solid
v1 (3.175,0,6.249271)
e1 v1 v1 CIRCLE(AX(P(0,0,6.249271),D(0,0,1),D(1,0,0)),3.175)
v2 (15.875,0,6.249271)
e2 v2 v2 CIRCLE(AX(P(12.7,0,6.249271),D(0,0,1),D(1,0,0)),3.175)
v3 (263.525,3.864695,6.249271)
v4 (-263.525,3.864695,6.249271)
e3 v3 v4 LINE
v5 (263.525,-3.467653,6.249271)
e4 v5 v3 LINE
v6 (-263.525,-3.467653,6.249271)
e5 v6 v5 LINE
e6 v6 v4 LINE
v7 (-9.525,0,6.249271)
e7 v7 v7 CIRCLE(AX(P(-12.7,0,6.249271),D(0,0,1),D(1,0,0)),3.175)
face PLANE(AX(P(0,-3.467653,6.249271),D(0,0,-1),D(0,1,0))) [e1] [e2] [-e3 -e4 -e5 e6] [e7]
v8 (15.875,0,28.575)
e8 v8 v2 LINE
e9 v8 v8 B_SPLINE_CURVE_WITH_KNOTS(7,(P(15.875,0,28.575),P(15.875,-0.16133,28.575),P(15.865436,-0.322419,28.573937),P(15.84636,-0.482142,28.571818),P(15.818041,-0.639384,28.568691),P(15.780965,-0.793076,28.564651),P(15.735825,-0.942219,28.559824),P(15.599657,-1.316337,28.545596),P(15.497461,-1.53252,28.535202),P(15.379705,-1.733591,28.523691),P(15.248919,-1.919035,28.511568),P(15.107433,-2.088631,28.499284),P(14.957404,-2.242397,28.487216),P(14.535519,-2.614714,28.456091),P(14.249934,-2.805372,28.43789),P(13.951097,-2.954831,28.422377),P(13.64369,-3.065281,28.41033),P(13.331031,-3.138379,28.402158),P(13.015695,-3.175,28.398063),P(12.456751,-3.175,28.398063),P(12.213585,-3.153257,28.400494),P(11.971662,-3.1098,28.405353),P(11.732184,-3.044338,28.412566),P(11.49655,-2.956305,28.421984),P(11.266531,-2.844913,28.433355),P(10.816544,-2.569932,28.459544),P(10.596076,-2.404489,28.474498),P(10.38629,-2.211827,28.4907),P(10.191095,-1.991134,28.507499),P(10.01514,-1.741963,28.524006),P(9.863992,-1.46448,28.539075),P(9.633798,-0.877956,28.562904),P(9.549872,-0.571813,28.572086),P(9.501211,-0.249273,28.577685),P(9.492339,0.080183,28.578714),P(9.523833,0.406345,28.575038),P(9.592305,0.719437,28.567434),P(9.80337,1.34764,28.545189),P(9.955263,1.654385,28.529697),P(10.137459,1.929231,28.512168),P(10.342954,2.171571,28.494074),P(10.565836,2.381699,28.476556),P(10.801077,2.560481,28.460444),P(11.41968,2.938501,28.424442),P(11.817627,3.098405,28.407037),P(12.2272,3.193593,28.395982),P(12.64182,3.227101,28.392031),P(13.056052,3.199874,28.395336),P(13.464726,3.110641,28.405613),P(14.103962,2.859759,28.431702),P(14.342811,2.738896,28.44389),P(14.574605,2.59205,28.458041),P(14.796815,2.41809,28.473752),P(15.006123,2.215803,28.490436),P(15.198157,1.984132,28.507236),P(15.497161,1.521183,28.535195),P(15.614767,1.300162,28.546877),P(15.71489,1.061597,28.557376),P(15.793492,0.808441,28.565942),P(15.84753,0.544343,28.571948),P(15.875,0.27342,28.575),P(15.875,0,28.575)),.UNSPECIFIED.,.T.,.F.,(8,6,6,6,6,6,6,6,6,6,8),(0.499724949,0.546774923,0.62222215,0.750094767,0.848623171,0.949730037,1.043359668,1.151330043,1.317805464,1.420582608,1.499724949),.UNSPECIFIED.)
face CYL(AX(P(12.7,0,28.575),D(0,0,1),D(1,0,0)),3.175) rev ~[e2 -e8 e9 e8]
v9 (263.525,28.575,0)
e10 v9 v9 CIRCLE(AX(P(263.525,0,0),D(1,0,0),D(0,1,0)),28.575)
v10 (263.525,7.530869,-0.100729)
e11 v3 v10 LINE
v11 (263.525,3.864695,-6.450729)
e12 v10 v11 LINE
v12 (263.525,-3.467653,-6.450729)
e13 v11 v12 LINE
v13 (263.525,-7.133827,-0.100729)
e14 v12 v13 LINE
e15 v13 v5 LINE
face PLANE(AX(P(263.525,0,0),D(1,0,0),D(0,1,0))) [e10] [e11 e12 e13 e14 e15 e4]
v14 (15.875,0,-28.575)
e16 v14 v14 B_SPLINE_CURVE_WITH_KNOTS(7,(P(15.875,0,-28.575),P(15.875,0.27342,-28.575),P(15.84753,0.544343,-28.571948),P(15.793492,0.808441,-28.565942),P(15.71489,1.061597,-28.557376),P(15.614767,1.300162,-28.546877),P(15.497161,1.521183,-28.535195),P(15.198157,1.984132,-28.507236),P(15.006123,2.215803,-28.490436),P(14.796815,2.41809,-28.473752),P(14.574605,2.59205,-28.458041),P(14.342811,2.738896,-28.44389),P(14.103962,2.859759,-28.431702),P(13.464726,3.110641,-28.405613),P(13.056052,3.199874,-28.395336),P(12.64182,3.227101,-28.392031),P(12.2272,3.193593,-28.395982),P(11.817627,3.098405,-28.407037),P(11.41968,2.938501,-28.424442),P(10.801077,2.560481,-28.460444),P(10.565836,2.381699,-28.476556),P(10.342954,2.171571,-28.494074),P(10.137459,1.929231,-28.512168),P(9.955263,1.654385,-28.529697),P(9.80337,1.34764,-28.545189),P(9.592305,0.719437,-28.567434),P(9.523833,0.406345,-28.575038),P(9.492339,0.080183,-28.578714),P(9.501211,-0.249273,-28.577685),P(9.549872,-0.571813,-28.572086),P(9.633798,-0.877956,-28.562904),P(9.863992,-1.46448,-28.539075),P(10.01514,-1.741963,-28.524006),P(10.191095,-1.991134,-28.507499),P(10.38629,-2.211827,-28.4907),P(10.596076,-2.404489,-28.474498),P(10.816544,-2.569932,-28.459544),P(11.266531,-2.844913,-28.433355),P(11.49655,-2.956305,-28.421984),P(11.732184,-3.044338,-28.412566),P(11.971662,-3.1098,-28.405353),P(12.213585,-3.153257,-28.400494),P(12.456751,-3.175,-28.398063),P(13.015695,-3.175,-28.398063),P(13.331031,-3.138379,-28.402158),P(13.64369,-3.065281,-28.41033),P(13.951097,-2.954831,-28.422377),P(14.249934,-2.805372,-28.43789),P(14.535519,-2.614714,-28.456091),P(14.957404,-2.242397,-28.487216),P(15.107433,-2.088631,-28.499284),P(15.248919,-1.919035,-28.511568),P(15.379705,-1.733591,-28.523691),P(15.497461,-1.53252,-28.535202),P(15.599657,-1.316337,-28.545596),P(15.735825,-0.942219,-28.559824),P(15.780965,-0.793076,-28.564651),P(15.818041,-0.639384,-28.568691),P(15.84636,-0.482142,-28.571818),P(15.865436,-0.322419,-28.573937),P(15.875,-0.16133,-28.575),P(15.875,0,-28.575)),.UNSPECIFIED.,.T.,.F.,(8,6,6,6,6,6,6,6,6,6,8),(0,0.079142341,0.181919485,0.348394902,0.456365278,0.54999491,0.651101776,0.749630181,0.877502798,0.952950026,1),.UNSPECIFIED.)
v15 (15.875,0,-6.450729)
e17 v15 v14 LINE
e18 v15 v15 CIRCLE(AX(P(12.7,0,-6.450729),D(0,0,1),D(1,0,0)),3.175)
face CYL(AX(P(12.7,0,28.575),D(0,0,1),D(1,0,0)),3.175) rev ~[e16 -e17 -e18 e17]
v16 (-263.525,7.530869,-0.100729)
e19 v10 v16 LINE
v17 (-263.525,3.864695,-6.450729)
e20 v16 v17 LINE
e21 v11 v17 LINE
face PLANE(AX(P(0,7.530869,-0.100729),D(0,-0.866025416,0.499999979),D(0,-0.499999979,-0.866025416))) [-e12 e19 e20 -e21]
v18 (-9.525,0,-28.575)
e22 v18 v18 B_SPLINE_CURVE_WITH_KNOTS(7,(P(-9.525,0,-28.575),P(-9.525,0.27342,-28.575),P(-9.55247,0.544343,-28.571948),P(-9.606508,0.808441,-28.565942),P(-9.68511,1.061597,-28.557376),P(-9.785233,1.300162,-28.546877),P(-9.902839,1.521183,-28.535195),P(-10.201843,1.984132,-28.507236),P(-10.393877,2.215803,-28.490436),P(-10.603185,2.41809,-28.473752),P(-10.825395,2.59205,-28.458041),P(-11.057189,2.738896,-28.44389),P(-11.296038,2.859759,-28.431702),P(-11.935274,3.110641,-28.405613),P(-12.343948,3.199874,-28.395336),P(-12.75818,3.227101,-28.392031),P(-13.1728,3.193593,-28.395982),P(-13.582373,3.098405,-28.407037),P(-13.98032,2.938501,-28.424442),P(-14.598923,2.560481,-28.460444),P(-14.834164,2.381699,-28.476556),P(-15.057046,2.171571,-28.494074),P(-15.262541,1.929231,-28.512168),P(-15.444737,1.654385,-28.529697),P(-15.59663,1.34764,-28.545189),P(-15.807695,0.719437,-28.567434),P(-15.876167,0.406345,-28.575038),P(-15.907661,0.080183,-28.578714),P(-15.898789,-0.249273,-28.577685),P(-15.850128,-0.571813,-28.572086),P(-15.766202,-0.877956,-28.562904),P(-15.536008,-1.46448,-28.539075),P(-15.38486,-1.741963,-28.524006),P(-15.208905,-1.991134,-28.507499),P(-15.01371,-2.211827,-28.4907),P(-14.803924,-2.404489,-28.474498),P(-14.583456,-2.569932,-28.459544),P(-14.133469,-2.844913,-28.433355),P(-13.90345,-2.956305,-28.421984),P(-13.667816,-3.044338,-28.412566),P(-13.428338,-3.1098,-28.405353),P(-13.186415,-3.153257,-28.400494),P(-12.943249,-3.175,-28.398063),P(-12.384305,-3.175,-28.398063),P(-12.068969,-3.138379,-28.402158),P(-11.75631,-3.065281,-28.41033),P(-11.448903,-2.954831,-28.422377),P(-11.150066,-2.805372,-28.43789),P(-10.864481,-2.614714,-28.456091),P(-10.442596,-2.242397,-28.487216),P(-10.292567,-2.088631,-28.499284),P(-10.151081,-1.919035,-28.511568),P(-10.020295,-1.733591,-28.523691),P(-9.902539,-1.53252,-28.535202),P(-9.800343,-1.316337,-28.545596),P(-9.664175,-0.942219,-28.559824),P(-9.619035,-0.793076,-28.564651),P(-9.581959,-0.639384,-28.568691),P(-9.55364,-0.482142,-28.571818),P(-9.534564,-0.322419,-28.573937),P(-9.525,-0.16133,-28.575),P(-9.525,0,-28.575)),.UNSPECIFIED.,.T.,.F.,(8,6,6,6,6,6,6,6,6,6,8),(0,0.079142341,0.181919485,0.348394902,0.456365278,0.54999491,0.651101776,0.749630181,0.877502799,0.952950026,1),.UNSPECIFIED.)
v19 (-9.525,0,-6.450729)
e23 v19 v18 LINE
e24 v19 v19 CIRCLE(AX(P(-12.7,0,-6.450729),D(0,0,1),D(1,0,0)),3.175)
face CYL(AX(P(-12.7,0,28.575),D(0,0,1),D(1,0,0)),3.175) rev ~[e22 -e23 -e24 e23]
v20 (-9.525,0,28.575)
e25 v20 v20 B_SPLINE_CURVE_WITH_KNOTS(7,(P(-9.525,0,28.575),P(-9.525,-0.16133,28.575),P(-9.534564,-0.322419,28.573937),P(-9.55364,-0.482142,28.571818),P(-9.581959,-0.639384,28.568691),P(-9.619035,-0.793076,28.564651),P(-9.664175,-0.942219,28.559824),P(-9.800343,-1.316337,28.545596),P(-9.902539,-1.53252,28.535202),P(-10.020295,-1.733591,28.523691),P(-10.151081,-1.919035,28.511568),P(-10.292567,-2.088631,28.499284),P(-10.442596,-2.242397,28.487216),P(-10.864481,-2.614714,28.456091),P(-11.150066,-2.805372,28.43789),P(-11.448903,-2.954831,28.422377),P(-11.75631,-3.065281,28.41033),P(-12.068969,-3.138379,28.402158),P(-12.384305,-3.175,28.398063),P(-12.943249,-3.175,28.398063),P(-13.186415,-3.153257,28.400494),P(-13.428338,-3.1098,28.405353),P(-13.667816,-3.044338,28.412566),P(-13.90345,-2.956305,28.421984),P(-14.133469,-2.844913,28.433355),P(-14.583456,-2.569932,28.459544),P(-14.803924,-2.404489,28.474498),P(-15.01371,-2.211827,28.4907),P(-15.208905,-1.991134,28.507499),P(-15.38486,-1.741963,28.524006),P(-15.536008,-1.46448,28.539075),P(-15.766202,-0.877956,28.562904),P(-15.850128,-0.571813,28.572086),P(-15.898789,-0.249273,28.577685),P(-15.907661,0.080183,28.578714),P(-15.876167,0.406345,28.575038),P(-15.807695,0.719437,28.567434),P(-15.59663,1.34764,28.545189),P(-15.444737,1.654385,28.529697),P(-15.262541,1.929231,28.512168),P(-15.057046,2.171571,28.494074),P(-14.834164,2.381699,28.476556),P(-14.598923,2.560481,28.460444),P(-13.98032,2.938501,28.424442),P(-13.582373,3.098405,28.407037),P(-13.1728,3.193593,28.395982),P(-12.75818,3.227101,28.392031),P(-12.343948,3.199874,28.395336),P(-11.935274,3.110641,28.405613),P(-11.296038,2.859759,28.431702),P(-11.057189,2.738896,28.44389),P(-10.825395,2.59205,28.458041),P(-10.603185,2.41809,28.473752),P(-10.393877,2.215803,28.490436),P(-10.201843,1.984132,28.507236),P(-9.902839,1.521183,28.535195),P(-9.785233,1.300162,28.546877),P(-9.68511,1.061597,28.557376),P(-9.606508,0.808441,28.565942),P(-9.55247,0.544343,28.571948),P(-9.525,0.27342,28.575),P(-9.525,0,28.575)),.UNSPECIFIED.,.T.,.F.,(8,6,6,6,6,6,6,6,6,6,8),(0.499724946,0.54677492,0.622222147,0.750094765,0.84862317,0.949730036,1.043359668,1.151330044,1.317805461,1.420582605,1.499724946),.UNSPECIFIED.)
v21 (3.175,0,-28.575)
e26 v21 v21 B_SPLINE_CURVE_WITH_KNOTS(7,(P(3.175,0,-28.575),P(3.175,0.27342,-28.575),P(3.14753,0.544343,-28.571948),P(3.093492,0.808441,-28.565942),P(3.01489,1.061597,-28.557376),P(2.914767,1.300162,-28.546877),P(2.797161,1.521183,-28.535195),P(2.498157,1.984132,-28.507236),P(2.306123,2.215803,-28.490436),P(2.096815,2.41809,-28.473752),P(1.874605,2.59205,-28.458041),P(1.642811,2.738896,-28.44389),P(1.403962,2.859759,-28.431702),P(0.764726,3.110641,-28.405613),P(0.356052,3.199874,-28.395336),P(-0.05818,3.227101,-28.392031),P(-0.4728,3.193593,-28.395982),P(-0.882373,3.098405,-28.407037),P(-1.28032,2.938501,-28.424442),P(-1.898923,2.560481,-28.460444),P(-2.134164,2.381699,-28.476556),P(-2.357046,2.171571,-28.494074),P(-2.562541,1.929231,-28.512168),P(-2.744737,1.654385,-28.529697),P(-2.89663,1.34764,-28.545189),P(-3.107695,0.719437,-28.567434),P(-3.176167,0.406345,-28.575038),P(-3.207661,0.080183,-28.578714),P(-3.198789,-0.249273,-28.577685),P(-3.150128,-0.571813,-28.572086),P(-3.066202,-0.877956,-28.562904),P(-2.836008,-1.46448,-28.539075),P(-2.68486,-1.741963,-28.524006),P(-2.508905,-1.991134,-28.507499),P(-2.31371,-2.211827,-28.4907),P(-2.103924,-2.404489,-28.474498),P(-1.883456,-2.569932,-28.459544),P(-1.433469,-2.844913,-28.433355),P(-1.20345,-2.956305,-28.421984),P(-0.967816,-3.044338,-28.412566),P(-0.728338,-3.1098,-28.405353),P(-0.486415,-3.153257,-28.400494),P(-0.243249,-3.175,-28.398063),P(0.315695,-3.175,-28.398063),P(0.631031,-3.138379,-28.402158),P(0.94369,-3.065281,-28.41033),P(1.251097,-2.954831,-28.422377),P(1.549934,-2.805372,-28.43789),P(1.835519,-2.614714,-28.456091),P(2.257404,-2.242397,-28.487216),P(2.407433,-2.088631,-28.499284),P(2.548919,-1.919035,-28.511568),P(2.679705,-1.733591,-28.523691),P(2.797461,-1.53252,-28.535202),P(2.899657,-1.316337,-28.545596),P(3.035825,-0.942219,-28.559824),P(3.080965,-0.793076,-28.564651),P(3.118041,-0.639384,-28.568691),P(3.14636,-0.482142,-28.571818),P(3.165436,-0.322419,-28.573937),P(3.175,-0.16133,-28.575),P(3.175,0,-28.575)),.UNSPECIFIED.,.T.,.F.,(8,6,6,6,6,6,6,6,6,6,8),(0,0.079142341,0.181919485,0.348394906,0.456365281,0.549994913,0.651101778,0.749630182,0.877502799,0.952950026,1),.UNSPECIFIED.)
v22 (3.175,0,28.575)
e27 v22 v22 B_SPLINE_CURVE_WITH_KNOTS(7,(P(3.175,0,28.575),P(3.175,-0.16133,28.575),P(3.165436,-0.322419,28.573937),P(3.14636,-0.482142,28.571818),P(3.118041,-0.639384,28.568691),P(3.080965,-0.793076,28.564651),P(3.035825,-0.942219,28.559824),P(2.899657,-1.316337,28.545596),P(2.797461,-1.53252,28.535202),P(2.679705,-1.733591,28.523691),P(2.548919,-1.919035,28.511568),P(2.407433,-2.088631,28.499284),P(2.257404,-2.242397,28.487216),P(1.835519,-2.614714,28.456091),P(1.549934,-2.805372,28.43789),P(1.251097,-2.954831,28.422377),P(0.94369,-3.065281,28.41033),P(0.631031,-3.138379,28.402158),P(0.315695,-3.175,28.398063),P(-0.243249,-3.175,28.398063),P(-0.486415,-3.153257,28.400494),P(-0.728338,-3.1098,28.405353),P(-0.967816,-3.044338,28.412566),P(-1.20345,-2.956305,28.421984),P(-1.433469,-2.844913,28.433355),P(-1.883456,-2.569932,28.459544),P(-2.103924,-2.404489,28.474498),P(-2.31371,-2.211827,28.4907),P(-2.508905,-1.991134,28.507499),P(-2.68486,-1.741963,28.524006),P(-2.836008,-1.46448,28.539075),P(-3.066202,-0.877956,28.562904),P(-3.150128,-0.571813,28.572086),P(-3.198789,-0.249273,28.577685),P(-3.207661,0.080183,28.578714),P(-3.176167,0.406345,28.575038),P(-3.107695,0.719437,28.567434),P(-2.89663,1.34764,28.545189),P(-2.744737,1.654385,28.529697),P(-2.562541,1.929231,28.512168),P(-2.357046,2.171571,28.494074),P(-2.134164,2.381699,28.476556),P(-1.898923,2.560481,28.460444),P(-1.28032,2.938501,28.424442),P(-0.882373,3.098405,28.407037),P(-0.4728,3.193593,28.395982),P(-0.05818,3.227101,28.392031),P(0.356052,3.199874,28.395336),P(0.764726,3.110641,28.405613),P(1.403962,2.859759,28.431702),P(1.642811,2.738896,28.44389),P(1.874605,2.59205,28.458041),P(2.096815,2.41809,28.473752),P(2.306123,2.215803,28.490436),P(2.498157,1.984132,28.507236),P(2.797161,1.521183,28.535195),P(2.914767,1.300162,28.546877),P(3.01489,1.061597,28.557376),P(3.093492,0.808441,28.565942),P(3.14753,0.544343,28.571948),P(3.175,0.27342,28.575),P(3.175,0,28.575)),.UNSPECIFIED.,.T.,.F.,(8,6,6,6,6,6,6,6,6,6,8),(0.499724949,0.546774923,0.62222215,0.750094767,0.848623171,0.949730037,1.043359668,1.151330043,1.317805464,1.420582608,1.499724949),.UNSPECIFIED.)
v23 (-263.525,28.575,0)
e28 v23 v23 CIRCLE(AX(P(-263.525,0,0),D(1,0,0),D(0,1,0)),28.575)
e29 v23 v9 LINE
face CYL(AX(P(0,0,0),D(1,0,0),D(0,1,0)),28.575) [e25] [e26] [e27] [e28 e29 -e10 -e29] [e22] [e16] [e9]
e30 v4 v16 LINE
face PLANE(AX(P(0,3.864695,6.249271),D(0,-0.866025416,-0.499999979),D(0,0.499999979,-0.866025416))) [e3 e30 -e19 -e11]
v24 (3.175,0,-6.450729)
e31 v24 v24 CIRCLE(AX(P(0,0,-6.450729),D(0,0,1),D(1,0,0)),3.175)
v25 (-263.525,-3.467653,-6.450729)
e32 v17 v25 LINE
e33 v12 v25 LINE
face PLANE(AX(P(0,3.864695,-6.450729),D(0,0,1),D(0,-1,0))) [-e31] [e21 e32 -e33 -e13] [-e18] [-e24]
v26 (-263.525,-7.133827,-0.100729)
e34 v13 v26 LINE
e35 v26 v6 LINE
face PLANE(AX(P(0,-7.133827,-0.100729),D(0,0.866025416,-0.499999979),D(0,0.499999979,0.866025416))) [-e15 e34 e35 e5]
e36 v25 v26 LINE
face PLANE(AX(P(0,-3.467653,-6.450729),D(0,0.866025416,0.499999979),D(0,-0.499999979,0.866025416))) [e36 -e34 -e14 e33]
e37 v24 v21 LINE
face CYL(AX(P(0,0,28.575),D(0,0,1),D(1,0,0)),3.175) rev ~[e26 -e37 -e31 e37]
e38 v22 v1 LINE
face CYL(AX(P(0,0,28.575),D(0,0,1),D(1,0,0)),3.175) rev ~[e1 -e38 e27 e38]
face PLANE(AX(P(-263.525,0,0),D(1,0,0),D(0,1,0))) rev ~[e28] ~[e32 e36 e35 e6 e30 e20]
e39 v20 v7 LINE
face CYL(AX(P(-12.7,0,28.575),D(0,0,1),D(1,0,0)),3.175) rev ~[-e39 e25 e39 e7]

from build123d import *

# Parameters (mm, degrees)
F0_R     = 28.575
F1_DEPTH = 263.525
F3_R     = 3.175
F4_DEPTH = 91.694


with BuildPart() as f1:
    # F0 (on Right) → F1 (new body, symmetric)
    with BuildSketch(Plane.YZ):
        Circle(F0_R)
        Polygon((-3.467653, 6.249271), (3.864695, 6.249271), (7.530869, -0.100729), (3.864695, -6.450729), (-3.467653, -6.450729), (-7.133827, -0.100729), align=None, mode=Mode.SUBTRACT)
    extrude(amount=F1_DEPTH, both=True)

    # F3 (on offset) → F4 (cut)
    with BuildSketch(Plane.XY.offset(28.575)):
        Circle(F3_R)
        with Locations((-12.7, 0)):
            Circle(F3_R)
        with Locations((12.7, 0)):
            Circle(F3_R)
    extrude(amount=-F4_DEPTH, mode=Mode.SUBTRACT)


solid = f1.part
